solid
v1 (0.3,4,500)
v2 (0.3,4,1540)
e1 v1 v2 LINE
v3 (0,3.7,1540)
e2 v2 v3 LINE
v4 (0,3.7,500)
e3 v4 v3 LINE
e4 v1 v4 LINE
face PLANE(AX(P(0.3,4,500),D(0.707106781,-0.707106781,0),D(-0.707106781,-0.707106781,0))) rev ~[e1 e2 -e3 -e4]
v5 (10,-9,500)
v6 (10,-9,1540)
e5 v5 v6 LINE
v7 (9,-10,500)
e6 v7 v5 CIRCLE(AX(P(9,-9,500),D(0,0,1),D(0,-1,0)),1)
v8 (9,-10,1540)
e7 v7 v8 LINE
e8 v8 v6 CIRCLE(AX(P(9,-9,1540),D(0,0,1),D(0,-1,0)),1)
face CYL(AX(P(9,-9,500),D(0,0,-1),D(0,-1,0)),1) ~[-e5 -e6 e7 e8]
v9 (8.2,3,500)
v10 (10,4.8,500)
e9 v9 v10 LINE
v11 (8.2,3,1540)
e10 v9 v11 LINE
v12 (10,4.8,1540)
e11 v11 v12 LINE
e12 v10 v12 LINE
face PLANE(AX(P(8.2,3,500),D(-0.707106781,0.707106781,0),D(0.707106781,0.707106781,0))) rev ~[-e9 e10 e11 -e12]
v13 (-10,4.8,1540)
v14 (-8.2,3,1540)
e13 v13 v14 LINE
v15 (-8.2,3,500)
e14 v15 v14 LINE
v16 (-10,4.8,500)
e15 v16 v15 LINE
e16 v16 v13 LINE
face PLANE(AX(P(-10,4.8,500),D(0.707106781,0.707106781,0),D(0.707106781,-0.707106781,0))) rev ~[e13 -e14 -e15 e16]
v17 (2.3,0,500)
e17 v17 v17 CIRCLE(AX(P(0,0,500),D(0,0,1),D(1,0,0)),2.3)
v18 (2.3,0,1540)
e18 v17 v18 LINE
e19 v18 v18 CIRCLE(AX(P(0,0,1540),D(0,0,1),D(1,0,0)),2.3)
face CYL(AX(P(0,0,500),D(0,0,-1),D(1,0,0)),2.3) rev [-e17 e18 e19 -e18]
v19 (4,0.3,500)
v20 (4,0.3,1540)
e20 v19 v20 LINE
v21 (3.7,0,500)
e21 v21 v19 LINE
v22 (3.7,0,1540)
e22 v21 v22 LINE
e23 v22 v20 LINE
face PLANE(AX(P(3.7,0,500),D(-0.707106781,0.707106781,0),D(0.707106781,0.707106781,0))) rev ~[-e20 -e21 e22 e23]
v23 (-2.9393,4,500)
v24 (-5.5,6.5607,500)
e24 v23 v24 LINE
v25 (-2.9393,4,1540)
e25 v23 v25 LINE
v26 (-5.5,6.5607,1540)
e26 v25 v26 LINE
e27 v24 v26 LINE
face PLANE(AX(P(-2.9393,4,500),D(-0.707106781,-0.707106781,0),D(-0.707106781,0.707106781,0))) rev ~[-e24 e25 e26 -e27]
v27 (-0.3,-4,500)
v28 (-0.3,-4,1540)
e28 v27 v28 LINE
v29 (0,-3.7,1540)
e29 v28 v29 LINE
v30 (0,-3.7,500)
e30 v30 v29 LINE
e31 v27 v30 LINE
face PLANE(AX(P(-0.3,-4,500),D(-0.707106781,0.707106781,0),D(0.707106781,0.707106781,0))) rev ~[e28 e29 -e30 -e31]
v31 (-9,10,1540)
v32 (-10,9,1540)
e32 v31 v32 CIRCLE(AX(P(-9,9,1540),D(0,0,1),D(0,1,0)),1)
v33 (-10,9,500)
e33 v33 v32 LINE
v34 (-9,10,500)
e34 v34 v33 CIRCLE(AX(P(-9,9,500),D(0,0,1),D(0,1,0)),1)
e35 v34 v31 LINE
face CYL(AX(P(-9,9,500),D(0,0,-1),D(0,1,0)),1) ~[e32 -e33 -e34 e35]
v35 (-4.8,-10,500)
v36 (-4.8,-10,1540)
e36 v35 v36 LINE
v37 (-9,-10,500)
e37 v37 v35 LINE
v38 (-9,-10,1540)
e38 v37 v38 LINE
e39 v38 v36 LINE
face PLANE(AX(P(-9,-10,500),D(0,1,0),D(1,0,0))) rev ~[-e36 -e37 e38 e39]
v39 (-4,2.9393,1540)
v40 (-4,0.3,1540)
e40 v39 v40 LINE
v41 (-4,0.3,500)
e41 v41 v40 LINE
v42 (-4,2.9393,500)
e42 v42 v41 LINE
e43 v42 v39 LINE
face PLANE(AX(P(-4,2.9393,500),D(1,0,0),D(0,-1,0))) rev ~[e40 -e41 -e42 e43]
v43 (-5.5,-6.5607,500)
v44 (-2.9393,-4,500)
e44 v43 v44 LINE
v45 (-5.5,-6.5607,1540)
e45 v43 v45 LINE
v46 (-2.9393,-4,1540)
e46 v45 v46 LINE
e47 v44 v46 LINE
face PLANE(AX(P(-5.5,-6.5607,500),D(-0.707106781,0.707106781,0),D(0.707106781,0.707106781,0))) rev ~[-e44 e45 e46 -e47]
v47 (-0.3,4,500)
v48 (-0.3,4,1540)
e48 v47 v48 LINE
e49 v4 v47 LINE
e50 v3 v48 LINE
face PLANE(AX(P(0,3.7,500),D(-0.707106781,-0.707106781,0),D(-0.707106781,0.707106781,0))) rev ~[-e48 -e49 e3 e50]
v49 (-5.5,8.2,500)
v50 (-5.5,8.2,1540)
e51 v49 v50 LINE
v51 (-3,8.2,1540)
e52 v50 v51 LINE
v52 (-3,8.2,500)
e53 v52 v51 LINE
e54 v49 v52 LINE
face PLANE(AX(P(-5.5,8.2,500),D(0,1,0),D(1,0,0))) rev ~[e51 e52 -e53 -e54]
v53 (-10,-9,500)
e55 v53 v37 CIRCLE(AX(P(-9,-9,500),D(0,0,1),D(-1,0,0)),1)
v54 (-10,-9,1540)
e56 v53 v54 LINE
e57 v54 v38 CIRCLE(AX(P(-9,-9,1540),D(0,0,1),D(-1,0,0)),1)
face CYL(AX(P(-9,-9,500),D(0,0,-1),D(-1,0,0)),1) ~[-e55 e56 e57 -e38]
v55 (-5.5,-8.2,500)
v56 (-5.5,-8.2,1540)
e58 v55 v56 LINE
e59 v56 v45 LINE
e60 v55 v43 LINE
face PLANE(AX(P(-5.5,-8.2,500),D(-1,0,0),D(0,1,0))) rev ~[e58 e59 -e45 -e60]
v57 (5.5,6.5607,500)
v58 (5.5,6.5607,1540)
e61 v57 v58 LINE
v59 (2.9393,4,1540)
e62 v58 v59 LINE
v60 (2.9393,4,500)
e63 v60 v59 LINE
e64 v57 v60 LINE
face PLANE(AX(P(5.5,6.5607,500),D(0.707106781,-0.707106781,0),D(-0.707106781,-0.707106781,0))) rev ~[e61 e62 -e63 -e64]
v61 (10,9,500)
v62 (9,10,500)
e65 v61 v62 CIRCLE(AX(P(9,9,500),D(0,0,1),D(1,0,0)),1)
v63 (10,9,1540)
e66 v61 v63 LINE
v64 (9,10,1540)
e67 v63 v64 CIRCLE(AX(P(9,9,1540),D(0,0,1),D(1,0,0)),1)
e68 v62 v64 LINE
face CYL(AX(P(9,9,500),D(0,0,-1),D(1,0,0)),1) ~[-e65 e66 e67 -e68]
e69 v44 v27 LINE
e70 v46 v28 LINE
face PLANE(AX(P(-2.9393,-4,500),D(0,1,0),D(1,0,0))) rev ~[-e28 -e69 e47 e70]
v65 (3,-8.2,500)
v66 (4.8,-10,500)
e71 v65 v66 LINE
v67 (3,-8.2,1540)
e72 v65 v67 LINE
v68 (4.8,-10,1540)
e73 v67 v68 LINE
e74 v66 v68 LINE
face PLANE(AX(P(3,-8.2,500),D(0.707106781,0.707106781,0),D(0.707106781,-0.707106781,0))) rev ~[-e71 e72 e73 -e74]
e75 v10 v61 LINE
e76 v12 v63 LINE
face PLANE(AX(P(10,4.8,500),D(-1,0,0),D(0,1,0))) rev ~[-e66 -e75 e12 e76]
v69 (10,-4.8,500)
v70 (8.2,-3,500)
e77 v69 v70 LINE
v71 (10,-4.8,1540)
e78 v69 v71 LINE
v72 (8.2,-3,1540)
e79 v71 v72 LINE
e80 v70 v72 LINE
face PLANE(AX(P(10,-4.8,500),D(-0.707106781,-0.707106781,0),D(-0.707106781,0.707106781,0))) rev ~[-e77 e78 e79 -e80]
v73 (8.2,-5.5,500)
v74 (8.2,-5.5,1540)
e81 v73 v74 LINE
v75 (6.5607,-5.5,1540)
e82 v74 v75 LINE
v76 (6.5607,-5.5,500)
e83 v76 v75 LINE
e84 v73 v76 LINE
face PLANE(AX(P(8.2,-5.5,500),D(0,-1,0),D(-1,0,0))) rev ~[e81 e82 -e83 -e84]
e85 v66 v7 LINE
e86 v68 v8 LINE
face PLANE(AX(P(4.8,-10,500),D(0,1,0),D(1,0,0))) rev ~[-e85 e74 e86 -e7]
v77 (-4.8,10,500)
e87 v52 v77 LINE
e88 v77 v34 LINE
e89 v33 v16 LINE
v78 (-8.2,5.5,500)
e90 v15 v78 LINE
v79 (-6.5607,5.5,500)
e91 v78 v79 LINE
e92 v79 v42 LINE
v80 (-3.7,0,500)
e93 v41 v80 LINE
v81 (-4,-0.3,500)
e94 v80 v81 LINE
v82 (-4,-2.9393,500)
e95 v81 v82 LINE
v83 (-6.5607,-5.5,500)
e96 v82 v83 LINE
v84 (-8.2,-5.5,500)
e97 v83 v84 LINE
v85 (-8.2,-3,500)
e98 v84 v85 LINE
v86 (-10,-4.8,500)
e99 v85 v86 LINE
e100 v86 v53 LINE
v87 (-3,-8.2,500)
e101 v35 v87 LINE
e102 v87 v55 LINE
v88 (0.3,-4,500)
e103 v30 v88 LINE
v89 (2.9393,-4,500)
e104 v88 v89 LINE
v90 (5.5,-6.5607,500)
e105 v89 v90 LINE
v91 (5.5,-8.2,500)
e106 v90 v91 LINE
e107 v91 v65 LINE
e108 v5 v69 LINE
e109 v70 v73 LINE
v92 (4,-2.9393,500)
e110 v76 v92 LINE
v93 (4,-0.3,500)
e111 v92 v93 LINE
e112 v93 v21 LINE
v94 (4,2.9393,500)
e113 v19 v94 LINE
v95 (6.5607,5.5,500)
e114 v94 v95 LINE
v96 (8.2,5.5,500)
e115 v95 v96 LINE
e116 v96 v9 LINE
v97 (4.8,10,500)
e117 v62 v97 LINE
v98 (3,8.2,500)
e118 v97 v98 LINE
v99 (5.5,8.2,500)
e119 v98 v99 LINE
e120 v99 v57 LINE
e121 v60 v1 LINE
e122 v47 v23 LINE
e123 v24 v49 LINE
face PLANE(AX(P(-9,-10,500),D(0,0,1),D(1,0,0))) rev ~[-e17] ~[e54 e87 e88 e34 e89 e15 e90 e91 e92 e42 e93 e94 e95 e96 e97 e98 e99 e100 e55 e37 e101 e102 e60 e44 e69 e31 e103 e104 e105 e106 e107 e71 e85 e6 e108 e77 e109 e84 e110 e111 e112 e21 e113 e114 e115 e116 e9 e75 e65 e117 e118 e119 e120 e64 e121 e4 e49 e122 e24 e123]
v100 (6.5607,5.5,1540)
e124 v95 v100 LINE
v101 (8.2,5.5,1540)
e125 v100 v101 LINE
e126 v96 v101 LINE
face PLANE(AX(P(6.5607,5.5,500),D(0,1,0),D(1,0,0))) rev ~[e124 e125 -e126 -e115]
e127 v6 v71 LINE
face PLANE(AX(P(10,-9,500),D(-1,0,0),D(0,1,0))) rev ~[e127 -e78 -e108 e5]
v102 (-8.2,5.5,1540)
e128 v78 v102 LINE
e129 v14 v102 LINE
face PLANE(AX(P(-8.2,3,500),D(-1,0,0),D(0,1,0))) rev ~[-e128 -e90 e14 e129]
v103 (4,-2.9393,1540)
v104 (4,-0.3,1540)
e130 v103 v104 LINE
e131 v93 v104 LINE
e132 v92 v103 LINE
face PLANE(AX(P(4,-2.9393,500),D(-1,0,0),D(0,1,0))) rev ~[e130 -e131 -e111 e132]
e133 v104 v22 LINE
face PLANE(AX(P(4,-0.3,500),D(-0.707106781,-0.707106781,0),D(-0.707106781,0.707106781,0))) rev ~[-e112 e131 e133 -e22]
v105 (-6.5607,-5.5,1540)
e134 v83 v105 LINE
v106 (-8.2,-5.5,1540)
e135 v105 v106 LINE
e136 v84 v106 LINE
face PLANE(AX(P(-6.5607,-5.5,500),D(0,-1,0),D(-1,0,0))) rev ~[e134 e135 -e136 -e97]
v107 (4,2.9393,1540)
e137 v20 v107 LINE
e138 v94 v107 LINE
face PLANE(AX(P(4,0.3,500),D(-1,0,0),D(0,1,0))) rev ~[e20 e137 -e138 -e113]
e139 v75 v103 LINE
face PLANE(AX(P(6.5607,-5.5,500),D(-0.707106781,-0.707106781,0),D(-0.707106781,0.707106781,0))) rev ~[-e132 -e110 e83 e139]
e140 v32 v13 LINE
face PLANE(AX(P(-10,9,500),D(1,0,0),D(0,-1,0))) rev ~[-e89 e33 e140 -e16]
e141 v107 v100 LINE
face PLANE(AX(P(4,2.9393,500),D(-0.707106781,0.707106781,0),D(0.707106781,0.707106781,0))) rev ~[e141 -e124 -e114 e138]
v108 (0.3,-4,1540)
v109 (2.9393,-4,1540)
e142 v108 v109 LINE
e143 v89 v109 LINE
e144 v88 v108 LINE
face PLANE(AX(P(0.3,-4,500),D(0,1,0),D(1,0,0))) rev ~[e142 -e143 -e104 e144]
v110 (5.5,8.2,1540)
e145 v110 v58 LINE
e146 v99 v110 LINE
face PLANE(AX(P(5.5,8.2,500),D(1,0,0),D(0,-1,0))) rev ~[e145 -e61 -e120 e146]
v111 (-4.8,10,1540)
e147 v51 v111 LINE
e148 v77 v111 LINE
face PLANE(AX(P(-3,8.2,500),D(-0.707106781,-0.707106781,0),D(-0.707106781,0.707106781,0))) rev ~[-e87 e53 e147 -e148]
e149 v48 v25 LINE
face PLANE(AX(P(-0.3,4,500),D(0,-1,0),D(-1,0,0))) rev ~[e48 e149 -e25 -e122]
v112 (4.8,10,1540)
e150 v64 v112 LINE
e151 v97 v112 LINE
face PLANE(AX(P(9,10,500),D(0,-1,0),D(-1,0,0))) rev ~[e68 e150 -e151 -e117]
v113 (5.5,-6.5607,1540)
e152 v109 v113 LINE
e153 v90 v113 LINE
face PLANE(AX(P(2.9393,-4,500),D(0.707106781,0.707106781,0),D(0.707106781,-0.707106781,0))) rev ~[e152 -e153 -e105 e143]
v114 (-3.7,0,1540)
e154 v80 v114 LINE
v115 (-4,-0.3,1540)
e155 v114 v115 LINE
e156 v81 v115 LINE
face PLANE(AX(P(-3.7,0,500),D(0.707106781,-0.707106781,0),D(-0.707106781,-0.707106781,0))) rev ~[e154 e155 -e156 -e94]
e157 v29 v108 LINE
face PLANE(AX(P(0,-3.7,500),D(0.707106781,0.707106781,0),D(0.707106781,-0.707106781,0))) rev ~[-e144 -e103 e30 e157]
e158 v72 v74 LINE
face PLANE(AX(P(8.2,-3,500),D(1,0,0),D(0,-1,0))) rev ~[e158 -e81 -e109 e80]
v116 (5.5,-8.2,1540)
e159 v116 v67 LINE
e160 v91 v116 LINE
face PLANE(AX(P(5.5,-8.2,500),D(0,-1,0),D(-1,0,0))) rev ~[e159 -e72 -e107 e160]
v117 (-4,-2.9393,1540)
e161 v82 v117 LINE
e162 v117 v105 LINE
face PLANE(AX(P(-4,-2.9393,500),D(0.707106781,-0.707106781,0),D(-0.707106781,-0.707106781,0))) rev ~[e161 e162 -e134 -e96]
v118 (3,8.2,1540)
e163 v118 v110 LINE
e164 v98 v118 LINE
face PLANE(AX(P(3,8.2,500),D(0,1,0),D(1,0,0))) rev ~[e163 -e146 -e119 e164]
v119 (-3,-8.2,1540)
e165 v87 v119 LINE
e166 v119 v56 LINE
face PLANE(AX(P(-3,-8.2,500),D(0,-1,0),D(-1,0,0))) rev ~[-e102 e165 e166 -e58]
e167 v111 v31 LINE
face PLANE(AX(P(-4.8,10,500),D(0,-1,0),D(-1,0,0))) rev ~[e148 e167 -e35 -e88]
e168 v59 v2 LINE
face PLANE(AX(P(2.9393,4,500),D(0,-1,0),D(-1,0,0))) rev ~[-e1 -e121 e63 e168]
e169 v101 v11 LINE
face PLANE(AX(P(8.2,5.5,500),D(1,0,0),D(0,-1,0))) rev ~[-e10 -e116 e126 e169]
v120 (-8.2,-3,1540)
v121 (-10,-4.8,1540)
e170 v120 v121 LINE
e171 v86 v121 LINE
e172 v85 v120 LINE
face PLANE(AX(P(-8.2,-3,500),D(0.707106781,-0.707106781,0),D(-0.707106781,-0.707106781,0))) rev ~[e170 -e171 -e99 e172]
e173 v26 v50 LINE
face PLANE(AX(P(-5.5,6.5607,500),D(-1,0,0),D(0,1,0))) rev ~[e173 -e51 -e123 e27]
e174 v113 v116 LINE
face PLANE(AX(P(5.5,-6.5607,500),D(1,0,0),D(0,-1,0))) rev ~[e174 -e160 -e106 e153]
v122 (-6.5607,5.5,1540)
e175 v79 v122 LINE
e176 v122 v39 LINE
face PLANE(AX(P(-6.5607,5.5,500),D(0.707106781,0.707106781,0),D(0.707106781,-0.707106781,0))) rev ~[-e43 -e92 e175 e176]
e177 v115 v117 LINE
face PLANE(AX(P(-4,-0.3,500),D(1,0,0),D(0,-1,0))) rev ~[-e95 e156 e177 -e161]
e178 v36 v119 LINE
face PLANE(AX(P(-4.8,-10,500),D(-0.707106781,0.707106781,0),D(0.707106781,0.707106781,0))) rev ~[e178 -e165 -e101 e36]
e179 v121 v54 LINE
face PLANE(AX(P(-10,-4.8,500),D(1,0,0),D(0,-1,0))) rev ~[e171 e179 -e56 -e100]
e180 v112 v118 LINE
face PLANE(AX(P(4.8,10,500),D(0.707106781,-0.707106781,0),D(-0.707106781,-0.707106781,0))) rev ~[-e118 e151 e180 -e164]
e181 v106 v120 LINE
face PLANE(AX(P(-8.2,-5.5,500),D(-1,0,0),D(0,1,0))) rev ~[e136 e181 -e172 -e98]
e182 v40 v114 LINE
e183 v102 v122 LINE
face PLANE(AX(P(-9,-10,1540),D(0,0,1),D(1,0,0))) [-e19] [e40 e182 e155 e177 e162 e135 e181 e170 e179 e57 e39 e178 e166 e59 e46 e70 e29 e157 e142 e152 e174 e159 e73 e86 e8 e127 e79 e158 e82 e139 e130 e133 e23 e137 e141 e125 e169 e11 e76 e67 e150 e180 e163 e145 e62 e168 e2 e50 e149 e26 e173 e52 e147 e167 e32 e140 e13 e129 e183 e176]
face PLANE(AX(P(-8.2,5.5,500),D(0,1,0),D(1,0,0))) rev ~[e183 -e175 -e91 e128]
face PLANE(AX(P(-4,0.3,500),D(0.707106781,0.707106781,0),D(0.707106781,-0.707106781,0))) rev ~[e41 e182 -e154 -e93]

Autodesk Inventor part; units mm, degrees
ref_plane "YZ Plane" through (0, 0, 0) normal (1, 0, 0) x (0, 1, 0)
ref_plane "Plano1" through (0, 0, -500) normal (0, 0, 1) x (1, 0, 0)
ref_plane "Plano de trabalho2" through (-9, -10, 500) normal (0, 0, 1) x (1, 0, 0)
sketch "Esboço1" plane through (-9, -10, 500) normal (0, 0, 1) x (1, 0, 0)
  arc A0 (-1, 1) -> (0, 0) centre (0, 1) ccw projected
  line L0 (0, 0) -> (4.2, 0) projected
  line L1 (4.2, 0) -> (6, 1.8) projected
  line L2 (6, 1.8) -> (3.5, 1.8) projected
  line L3 (3.5, 1.8) -> (3.5, 3.4393) projected
  line L4 (3.5, 3.4393) -> (6.0607, 6) projected
  line L5 (6.0607, 6) -> (8.7, 6) projected
  line L6 (8.7, 6) -> (9, 6.3) projected
  line L7 (9, 6.3) -> (9.3, 6) projected
  line L8 (9.3, 6) -> (11.9393, 6) projected
  line L9 (11.9393, 6) -> (14.5, 3.4393) projected
  line L10 (14.5, 3.4393) -> (14.5, 1.8) projected
  line L11 (14.5, 1.8) -> (12, 1.8) projected
  line L12 (12, 1.8) -> (13.8, 0) projected
  line L13 (13.8, 0) -> (18, 0) projected
  arc A1 (18, 0) -> (19, 1) centre (18, 1) ccw projected
  line L14 (19, 1) -> (19, 5.2) projected
  line L15 (19, 5.2) -> (17.2, 7) projected
  line L16 (17.2, 7) -> (17.2, 4.5) projected
  line L17 (17.2, 4.5) -> (15.5607, 4.5) projected
  line L18 (15.5607, 4.5) -> (13, 7.0607) projected
  line L19 (13, 7.0607) -> (13, 9.7) projected
  line L20 (13, 9.7) -> (12.7, 10) projected
  line L21 (12.7, 10) -> (13, 10.3) projected
  line L22 (13, 10.3) -> (13, 12.9393) projected
  line L23 (13, 12.9393) -> (15.5607, 15.5) projected
  line L24 (15.5607, 15.5) -> (17.2, 15.5) projected
  line L25 (17.2, 15.5) -> (17.2, 13) projected
  line L26 (17.2, 13) -> (19, 14.8) projected
  line L27 (19, 14.8) -> (19, 19) projected
  arc A2 (19, 19) -> (18, 20) centre (18, 19) ccw projected
  line L28 (18, 20) -> (13.8, 20) projected
  line L29 (13.8, 20) -> (12, 18.2) projected
  line L30 (12, 18.2) -> (14.5, 18.2) projected
  line L31 (14.5, 18.2) -> (14.5, 16.5607) projected
  line L32 (14.5, 16.5607) -> (11.9393, 14) projected
  line L33 (11.9393, 14) -> (9.3, 14) projected
  line L34 (9.3, 14) -> (9, 13.7) projected
  line L35 (9, 13.7) -> (8.7, 14) projected
  line L36 (8.7, 14) -> (6.0607, 14) projected
  line L37 (6.0607, 14) -> (3.5, 16.5607) projected
  line L38 (3.5, 16.5607) -> (3.5, 18.2) projected
  line L39 (3.5, 18.2) -> (6, 18.2) projected
  line L40 (6, 18.2) -> (4.2, 20) projected
  line L41 (4.2, 20) -> (0, 20) projected
  arc A3 (0, 20) -> (-1, 19) centre (0, 19) ccw projected
  line L42 (-1, 19) -> (-1, 14.8) projected
  line L43 (-1, 14.8) -> (0.8, 13) projected
  line L44 (0.8, 13) -> (0.8, 15.5) projected
  line L45 (0.8, 15.5) -> (2.4393, 15.5) projected
  line L46 (2.4393, 15.5) -> (5, 12.9393) projected
  line L47 (5, 12.9393) -> (5, 10.3) projected
  line L48 (5, 10.3) -> (5.3, 10) projected
  line L49 (5.3, 10) -> (5, 9.7) projected
  line L50 (5, 9.7) -> (5, 7.0607) projected
  line L51 (5, 7.0607) -> (2.4393, 4.5) projected
  line L52 (2.4393, 4.5) -> (0.8, 4.5) projected
  line L53 (0.8, 4.5) -> (0.8, 7) projected
  line L54 (0.8, 7) -> (-1, 5.2) projected
  line L55 (-1, 5.2) -> (-1, 1) projected
  circle A4 centre (9, 10) radius 2.3 projected
extrude "Extrusão1" add sketch "Esboço1" along normal blind 1040
properties part number "PERFIL 2020 V-SLOT" material "6063-T5"
